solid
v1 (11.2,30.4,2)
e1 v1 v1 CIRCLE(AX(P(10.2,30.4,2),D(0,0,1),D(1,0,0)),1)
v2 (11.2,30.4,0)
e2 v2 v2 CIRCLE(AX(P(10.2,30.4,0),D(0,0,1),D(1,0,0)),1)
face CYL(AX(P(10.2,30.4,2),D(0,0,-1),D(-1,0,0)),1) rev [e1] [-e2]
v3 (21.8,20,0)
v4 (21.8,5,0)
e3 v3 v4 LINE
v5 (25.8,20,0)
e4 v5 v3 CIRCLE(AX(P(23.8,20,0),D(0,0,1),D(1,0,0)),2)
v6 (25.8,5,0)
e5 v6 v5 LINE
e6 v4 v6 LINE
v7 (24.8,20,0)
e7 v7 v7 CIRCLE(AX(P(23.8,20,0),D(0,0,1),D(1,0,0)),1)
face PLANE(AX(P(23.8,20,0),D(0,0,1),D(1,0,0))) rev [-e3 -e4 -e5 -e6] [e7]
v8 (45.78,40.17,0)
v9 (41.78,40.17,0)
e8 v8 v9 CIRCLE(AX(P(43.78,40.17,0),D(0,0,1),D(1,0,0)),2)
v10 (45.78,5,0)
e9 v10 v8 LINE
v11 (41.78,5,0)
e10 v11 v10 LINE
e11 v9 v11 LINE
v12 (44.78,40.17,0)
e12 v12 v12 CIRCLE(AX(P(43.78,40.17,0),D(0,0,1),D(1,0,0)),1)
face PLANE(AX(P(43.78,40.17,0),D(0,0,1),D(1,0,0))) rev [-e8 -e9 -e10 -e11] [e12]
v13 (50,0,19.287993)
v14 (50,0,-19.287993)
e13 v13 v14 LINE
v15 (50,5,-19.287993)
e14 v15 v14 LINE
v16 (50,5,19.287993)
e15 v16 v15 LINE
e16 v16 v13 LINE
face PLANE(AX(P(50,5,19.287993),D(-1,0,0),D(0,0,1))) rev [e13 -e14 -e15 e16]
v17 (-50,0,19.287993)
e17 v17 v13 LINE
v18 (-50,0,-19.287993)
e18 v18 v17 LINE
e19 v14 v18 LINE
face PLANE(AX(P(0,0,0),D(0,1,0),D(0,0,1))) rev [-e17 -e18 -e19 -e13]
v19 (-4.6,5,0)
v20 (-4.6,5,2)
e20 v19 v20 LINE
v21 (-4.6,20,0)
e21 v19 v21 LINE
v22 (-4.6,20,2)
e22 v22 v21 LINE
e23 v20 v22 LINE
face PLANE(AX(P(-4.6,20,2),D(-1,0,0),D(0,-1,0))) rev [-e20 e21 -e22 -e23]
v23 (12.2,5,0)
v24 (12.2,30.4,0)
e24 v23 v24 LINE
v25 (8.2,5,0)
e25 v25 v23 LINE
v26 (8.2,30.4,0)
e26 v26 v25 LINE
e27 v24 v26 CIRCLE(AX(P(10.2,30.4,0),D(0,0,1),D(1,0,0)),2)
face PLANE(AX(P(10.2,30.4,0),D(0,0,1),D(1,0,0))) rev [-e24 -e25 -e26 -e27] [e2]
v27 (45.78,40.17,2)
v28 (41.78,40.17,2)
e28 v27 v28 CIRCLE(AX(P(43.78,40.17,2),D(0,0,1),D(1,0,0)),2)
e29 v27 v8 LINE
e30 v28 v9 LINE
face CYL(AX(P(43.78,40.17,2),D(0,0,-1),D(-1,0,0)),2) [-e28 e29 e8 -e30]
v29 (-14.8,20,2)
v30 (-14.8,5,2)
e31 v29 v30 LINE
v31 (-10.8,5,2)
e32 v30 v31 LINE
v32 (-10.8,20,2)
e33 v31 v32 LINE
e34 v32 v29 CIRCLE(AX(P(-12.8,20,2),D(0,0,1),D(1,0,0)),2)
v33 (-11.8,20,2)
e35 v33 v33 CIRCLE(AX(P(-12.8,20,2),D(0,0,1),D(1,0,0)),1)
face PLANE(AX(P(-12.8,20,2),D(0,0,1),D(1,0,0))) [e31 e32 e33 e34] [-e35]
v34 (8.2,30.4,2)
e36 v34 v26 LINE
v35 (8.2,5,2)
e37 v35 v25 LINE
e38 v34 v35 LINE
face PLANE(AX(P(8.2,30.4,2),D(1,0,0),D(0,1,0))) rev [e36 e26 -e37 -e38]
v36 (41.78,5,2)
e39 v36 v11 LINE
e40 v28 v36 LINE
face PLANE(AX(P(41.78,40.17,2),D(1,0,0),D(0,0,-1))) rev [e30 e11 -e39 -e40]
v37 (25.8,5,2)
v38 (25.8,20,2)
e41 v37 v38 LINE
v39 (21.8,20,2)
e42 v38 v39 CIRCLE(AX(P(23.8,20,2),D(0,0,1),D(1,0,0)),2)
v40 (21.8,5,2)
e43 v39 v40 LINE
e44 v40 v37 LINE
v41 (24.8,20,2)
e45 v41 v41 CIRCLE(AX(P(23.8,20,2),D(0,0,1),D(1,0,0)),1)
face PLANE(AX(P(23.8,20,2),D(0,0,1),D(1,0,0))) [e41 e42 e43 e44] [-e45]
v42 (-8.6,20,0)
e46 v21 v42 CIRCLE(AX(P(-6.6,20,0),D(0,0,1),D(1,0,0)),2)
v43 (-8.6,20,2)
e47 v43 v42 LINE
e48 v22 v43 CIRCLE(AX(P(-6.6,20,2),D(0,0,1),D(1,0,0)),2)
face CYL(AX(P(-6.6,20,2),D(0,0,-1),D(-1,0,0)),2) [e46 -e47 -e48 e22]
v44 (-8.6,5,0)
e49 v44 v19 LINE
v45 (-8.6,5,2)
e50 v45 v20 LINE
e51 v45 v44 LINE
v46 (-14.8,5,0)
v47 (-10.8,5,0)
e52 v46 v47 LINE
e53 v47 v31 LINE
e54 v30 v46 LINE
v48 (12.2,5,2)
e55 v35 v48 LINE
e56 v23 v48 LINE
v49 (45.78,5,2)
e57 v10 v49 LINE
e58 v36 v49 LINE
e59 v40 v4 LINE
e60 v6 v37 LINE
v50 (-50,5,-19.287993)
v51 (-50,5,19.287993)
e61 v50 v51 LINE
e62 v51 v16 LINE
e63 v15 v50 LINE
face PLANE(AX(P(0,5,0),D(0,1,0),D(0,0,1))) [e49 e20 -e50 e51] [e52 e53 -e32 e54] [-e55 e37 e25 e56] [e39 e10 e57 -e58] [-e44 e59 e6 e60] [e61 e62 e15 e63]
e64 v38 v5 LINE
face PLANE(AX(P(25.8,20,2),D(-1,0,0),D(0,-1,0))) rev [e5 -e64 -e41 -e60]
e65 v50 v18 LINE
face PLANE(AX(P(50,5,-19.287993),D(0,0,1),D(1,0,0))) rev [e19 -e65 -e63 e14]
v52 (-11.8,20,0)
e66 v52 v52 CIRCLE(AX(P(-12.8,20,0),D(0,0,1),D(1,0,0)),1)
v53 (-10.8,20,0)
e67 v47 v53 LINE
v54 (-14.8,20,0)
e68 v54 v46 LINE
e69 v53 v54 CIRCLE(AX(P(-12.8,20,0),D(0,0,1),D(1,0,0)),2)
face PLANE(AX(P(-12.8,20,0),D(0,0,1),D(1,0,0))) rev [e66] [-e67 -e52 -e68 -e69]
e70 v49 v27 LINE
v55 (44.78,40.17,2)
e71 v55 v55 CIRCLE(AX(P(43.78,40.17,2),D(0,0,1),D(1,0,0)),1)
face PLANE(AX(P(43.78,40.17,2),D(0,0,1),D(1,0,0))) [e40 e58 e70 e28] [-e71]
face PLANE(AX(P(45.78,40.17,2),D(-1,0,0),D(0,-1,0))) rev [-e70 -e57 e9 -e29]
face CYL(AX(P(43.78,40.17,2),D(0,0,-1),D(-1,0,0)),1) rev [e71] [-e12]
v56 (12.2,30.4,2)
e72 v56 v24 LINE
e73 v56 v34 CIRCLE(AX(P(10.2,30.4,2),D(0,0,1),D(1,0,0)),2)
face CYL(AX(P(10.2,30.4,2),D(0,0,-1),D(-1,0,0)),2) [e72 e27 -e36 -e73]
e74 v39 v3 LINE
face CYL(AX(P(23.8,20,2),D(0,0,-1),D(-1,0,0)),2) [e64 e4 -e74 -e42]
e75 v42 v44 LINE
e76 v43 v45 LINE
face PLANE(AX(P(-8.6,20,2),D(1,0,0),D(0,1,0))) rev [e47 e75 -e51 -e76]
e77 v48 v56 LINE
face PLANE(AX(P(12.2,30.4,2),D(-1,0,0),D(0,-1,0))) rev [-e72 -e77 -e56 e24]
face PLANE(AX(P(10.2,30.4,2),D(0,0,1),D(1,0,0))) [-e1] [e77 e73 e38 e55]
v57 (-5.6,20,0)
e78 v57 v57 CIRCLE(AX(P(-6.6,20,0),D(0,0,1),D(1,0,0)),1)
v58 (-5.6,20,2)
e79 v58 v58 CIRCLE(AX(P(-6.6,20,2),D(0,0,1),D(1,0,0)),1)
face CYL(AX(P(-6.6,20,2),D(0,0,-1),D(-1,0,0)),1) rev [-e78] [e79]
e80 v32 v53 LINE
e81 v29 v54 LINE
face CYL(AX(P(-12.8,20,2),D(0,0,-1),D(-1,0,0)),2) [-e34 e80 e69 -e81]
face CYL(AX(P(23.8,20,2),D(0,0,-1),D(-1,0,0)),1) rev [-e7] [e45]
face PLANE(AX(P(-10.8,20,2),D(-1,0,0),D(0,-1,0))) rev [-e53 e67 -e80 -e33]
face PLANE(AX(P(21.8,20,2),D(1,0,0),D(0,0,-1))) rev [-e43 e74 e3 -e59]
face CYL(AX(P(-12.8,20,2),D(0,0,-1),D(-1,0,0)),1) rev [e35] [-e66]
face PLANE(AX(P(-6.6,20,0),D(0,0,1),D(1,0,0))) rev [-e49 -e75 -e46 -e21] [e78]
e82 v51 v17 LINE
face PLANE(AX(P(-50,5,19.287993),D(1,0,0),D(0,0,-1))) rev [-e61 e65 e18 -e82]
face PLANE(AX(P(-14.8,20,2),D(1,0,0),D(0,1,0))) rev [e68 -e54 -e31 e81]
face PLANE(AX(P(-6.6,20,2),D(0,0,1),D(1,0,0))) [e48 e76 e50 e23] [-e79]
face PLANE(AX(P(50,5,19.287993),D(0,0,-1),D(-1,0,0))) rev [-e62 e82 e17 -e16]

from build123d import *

# Parameters (mm, degrees)
SKETCH_1_W      = 100
SKETCH_1_H      = 38.575985264
EXTRUDE_1_DEPTH = 5
SKETCH_2_R      = 1
EXTRUDE_2_DEPTH = 2


with BuildPart() as part:
    # 草圖1 → 填料-伸長1 (new body)
    with BuildSketch(Plane(origin=(0, 0, 0), x_dir=(1, 0, 0), z_dir=(0, 1, 0))):
        Rectangle(SKETCH_1_W, SKETCH_1_H)
    extrude(amount=EXTRUDE_1_DEPTH)

    # 草圖2 → 填料-伸長2 (add)
    # profile 1 of 5: a face of its own
    with BuildSketch(Plane.XY):
        with BuildLine():
            Line((-8.6, 20), (-8.6, 0))
            Line((-8.6, 0), (-4.6, 0))
            Line((-4.6, 0), (-4.6, 20))
            ThreePointArc((-4.6, 20), (-6.6, 22), (-8.6, 20))
        make_face()
        with Locations((-6.6, 20)):
            Circle(SKETCH_2_R, mode=Mode.SUBTRACT)
    # profile 2 of 5: a face of its own
    with BuildSketch(Plane.XY):
        with BuildLine():
            Line((-14.8, 20), (-14.8, 0))
            Line((-14.8, 0), (-10.8, 0))
            Line((-10.8, 0), (-10.8, 20))
            ThreePointArc((-10.8, 20), (-12.8, 22), (-14.8, 20))
        make_face()
        with Locations((-12.8, 20)):
            Circle(SKETCH_2_R, mode=Mode.SUBTRACT)
    # profile 3 of 5: a face of its own
    with BuildSketch(Plane.XY):
        with BuildLine():
            Line((21.8, 20), (21.8, 0))
            Line((21.8, 0), (25.8, 0))
            Line((25.8, 0), (25.8, 20))
            ThreePointArc((25.8, 20), (23.8, 22), (21.8, 20))
        make_face()
        with Locations((23.8, 20)):
            Circle(SKETCH_2_R, mode=Mode.SUBTRACT)
    # profile 4 of 5: a face of its own
    with BuildSketch(Plane.XY):
        with BuildLine():
            Line((8.2, 30.4), (8.2, 0))
            Line((8.2, 0), (12.2, 0))
            Line((12.2, 0), (12.2, 30.4))
            ThreePointArc((12.2, 30.4), (10.2, 32.4), (8.2, 30.4))
        make_face()
        with Locations((10.2, 30.4)):
            Circle(SKETCH_2_R, mode=Mode.SUBTRACT)
    # profile 5 of 5: a face of its own
    with BuildSketch(Plane.XY):
        with BuildLine():
            Line((41.78, 40.17), (41.78, 0))
            Line((41.78, 0), (45.78, 0))
            Line((45.78, 0), (45.78, 40.17))
            ThreePointArc((45.78, 40.17), (43.78, 42.17), (41.78, 40.17))
        make_face()
        with Locations((43.78, 40.17)):
            Circle(SKETCH_2_R, mode=Mode.SUBTRACT)
    extrude(amount=EXTRUDE_2_DEPTH)


solid = part.part
